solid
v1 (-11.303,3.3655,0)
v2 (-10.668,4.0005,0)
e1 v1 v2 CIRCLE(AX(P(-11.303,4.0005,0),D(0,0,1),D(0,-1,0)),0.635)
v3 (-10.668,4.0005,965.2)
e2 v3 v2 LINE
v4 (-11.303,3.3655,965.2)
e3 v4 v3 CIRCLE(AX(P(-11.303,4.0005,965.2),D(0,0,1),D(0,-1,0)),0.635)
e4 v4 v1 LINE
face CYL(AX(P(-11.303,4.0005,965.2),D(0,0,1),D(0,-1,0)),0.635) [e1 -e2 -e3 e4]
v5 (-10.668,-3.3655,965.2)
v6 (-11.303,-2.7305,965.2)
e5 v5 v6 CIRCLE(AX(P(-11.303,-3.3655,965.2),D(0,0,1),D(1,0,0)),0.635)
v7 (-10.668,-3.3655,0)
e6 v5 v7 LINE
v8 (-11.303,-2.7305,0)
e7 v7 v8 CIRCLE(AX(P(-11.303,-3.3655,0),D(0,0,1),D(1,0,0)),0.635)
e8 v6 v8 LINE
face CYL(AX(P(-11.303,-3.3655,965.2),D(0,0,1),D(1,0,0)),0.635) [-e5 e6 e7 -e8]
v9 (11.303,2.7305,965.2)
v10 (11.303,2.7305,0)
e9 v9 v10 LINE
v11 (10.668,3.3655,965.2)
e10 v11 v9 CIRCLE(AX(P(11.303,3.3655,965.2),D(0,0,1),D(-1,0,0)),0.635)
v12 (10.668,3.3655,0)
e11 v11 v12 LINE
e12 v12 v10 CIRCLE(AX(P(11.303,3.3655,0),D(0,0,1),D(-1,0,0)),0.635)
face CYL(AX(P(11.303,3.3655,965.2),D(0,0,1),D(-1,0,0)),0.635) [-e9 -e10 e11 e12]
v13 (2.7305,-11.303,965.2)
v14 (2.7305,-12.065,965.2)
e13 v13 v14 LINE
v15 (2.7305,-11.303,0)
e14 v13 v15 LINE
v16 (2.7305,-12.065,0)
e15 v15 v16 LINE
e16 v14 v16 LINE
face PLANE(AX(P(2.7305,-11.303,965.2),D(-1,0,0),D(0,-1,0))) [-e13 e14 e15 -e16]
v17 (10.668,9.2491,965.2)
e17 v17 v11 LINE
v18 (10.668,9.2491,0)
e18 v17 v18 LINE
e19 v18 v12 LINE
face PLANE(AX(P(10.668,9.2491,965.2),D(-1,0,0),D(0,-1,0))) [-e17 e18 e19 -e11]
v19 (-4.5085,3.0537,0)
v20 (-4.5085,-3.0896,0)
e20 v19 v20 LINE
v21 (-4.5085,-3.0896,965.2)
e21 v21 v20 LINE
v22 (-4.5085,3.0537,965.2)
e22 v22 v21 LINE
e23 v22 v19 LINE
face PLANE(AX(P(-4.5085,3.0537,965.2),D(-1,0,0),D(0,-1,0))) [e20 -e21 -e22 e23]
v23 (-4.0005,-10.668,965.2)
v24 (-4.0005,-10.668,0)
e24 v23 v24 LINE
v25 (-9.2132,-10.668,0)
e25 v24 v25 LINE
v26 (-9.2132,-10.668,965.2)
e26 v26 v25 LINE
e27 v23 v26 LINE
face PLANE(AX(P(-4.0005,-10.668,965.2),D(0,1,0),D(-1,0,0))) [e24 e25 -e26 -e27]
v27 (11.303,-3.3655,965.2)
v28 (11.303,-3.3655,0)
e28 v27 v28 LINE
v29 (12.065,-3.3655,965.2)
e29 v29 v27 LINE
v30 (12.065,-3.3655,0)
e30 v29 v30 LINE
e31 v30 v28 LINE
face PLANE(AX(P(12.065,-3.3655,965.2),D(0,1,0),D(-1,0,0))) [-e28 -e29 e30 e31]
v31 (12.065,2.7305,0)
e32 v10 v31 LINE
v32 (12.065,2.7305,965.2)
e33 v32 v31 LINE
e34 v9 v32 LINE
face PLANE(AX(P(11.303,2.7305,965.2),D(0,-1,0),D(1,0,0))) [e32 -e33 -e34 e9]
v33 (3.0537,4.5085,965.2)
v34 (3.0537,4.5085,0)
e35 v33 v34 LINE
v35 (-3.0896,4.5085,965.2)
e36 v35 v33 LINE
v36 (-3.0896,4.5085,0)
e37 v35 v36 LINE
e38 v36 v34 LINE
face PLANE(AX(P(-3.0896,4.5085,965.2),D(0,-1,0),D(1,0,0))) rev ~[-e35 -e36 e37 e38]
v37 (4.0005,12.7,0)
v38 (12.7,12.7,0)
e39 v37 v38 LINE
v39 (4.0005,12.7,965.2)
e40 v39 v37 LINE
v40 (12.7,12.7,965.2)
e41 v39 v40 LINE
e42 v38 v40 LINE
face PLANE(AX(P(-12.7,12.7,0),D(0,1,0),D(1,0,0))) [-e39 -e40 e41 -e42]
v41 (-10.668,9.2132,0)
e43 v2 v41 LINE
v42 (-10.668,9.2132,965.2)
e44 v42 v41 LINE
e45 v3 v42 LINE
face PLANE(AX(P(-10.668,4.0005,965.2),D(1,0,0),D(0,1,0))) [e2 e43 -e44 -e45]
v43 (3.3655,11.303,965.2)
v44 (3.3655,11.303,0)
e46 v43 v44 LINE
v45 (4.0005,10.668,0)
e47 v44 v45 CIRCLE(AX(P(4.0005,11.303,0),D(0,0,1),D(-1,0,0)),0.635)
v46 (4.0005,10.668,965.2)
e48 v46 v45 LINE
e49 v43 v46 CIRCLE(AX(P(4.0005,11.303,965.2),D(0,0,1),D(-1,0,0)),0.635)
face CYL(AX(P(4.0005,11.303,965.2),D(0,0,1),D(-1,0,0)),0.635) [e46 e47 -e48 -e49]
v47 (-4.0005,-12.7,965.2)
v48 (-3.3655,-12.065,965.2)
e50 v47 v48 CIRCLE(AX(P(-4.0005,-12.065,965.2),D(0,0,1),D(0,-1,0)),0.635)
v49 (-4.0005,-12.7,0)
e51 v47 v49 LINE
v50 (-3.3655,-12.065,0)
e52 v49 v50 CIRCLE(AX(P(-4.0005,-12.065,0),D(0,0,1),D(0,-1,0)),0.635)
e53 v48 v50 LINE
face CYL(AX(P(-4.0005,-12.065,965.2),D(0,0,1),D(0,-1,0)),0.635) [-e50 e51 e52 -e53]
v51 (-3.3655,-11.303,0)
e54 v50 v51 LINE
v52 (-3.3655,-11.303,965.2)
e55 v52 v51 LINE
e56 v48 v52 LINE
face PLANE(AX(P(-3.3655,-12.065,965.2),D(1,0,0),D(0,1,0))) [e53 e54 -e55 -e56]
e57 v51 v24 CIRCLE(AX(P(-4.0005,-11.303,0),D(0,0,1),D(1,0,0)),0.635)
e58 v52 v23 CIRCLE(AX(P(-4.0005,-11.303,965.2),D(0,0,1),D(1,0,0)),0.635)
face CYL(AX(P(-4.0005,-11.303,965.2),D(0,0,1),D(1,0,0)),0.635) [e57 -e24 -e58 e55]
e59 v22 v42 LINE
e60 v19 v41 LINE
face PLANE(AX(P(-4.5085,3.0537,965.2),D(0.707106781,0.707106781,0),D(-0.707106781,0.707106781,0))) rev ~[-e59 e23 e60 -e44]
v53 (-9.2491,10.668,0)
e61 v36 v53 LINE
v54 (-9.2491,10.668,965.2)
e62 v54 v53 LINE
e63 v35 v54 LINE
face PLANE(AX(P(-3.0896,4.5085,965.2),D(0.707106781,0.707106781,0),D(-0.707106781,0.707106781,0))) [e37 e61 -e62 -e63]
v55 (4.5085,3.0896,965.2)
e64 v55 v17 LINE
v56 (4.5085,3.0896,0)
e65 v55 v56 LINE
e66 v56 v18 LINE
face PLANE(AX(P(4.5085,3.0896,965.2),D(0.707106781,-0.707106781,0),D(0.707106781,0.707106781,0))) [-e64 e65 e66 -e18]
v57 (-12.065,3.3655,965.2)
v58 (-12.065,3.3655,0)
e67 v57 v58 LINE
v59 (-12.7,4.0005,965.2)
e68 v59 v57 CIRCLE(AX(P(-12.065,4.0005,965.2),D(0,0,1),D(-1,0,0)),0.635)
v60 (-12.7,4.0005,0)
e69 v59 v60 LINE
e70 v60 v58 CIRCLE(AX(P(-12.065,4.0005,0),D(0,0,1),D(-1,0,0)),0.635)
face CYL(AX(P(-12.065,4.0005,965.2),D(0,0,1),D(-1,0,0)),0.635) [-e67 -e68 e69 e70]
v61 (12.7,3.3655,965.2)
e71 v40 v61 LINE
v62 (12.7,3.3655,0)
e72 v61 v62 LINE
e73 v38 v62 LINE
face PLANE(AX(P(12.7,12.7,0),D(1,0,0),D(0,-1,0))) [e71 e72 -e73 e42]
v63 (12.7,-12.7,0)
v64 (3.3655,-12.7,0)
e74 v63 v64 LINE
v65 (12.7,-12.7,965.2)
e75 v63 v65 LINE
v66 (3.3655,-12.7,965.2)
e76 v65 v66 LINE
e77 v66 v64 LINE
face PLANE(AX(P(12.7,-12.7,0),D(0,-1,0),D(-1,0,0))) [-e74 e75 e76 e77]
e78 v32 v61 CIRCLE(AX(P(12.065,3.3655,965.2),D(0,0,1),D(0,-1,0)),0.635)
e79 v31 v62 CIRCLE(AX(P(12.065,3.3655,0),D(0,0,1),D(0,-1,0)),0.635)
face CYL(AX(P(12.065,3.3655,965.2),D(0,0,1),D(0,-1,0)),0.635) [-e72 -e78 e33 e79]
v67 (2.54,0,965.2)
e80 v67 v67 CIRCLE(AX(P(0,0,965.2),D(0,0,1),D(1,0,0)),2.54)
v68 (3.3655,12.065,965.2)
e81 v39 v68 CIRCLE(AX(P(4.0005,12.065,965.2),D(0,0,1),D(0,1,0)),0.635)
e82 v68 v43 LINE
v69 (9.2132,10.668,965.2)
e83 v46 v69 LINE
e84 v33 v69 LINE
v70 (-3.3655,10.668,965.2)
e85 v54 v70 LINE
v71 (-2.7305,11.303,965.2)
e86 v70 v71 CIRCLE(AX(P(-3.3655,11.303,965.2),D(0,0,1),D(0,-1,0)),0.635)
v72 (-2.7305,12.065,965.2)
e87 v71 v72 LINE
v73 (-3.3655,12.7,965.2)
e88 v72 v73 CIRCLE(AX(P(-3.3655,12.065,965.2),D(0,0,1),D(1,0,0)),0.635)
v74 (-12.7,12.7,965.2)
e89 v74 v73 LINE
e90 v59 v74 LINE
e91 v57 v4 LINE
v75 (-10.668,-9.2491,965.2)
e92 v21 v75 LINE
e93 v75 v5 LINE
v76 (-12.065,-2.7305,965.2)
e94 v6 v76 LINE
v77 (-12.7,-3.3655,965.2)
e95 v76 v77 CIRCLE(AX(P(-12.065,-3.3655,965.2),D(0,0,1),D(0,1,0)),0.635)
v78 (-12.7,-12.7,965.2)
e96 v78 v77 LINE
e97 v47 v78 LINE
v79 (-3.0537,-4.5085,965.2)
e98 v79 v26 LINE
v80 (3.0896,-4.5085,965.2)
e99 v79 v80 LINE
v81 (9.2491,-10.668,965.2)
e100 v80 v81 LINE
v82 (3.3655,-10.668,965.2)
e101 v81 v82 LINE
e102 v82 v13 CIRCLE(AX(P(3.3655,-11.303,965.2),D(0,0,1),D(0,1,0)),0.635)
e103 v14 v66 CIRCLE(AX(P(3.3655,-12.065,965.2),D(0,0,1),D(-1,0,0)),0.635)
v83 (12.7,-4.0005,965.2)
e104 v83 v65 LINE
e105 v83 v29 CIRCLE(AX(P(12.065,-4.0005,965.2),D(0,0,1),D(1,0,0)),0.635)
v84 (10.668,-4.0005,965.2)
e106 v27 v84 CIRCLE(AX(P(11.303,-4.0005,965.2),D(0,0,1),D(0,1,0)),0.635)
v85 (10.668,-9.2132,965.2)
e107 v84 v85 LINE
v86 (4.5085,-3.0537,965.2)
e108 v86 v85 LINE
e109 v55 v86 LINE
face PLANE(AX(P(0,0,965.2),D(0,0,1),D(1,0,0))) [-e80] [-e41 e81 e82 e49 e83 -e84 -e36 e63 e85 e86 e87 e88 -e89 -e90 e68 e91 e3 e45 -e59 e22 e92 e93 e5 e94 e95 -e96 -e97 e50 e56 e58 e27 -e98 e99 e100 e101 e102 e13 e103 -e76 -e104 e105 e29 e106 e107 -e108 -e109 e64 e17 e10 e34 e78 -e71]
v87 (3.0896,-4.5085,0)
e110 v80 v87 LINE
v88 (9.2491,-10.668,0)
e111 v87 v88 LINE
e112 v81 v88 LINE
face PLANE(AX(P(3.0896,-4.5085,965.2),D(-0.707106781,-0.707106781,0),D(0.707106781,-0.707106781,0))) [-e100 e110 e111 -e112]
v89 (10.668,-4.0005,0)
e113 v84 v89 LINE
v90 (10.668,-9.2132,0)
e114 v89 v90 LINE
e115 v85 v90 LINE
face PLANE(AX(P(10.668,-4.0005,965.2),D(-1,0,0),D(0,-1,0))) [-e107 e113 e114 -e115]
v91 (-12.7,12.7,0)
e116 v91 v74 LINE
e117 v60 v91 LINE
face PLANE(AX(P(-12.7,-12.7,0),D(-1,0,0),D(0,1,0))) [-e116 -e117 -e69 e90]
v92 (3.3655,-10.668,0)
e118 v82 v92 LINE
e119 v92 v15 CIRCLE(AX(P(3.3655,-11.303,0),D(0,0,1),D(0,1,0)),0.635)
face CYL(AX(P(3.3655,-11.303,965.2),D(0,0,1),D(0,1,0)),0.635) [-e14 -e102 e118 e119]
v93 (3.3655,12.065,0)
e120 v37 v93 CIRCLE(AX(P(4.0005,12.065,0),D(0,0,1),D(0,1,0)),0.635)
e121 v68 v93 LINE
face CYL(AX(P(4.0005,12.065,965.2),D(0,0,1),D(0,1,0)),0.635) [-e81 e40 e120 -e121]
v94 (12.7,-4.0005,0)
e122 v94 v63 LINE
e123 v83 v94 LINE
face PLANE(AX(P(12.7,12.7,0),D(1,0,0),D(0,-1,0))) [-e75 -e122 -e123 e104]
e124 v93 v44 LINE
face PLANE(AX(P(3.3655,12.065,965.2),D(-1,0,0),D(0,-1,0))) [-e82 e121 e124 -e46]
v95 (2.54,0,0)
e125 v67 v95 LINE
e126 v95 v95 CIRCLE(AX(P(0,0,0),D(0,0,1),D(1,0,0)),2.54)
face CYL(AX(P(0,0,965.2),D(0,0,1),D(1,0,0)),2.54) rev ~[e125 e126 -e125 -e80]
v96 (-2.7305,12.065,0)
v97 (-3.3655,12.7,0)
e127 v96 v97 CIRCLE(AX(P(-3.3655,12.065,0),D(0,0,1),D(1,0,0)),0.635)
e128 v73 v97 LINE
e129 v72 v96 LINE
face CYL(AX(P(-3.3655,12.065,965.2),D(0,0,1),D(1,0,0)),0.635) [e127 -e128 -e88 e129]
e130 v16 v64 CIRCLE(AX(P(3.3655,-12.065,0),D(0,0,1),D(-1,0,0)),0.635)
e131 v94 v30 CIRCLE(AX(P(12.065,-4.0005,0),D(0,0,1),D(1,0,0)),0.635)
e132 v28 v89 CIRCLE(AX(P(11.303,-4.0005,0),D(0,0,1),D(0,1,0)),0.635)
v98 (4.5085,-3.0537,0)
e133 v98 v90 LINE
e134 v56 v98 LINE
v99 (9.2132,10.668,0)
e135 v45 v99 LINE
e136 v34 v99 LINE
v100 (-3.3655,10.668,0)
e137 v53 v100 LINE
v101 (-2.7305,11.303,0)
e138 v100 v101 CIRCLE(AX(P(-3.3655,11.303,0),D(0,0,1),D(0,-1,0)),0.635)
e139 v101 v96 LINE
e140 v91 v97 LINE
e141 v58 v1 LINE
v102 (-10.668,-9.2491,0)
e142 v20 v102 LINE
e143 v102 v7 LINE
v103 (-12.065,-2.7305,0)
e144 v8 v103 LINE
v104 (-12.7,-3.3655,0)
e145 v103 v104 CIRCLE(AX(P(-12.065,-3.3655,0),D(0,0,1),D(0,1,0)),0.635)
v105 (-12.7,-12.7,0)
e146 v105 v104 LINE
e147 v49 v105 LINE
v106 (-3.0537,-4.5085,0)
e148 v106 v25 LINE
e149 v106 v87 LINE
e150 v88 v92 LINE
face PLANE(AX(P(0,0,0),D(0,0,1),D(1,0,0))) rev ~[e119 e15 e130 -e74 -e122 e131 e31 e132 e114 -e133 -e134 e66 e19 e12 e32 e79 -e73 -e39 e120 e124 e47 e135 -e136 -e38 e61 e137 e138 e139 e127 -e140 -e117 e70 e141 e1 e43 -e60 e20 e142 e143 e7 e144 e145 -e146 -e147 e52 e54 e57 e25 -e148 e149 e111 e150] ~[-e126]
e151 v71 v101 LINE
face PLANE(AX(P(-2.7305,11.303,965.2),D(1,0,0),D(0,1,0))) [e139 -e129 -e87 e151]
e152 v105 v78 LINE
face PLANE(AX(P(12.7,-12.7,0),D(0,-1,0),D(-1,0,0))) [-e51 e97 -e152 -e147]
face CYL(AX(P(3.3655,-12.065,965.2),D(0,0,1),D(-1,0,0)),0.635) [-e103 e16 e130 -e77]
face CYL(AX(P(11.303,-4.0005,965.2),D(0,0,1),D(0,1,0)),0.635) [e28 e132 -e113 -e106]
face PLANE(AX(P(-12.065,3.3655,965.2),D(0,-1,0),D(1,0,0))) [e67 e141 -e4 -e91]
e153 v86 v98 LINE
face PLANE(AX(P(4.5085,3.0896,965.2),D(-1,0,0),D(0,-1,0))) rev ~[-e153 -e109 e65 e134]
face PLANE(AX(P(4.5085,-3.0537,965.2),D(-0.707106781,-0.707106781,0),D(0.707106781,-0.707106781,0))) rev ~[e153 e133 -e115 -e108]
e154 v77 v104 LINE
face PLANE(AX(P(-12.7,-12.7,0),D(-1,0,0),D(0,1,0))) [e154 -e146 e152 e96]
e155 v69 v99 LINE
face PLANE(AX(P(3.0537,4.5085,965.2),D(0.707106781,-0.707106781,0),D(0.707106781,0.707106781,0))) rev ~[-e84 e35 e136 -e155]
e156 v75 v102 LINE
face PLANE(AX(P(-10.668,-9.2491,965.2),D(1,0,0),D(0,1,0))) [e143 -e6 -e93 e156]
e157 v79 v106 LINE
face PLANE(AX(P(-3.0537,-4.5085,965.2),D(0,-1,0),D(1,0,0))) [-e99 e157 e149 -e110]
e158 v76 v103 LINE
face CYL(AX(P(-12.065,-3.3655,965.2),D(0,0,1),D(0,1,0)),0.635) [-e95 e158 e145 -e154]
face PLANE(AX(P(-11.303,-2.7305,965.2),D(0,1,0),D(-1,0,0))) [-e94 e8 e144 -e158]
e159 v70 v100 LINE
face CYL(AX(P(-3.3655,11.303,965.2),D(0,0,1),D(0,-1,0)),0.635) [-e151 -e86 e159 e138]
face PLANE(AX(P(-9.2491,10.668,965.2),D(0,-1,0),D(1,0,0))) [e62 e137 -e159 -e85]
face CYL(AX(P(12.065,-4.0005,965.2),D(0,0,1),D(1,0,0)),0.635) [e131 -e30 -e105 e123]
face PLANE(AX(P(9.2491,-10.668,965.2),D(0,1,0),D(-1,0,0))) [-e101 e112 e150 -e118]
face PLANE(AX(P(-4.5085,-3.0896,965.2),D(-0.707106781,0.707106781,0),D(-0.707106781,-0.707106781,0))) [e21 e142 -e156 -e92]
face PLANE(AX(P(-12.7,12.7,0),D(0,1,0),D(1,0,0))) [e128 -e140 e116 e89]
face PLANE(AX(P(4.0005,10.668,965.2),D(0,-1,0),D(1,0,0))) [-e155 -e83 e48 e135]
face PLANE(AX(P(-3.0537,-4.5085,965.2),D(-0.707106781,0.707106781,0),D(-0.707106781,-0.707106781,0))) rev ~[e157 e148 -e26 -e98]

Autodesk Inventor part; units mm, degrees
ref_plane "YZ Plane" through (0, 0, 0) normal (1, 0, 0) x (0, 1, 0)
ref_plane "XZ Plane" through (0, 0, 0) normal (0, 1, 0) x (-1, 0, 0)
ref_plane "XY Plane" through (0, 0, 0) normal (0, 0, 1) x (1, 0, 0)
sketch "Sketch1" plane through (0, 0, 0) normal (0, 0, 1) x (1, 0, 0)
  line L0 (-12.7, 12.7) -> (12.7, 12.7)
  line L1 (12.7, 12.7) -> (12.7, -12.7)
  line L2 (12.7, -12.7) -> (-12.7, -12.7)
  line L3 (-12.7, -12.7) -> (-12.7, 12.7)
  point P0 (0, 0)
  dimension "d0" = 25.4
  dimension "d1" = 25.4
  dimension "d2" = 12.7
  dimension "d3" = 12.7
extrude "Extrusion1" add sketch "Sketch1" along normal blind 965.2
sketch "Sketch2" plane through (0, 0, 965.2) normal (0, 0, 1) x (1, 0, 0)
  circle A0 centre (0, 0) radius 2.54
  line L0 (-4.5085, 4.5085) -> (4.5085, 4.5085)
  line L1 (-4.5085, -4.5085) -> (4.5085, -4.5085)
  line L2 (4.5085, 4.5085) -> (4.5085, -4.5085)
  line L3 (-4.5085, 4.5085) -> (-4.5085, -4.5085)
  line L4 (-3.0896, 4.5085) -> (-11.2811, 12.7)
  line L5 (-4.5085, 3.0537) -> (-12.7, 11.2452)
  line L6 (12.7, 12.7) -> (-12.7, 12.7) projected
  line L7 (-12.7, 12.7) -> (-12.7, 4.0005)
  line L8 (-10.668, 4.0005) -> (-10.668, 9.2132)
  line L9 (-9.2491, 10.668) -> (-3.3655, 10.668)
  line L10 (-12.7, 12.7) -> (-3.3655, 12.7)
  line L11 (-2.7305, 11.303) -> (-2.7305, 12.065)
  line L12 (-12.065, 3.3655) -> (-11.303, 3.3655)
  arc A1 (-12.7, 4.0005) -> (-12.065, 3.3655) centre (-12.065, 4.0005) ccw
  arc A2 (-11.303, 3.3655) -> (-10.668, 4.0005) centre (-11.303, 4.0005) ccw
  arc A3 (-3.3655, 10.668) -> (-2.7305, 11.303) centre (-3.3655, 11.303) ccw
  arc A4 (-2.7305, 12.065) -> (-3.3655, 12.7) centre (-3.3655, 12.065) ccw
  arc A5 (-3.3655, -11.303) -> (-4.0005, -10.668) centre (-4.0005, -11.303) ccw
  line L13 (-3.3655, -12.065) -> (-3.3655, -11.303)
  arc A6 (-4.0005, -12.7) -> (-3.3655, -12.065) centre (-4.0005, -12.065) ccw
  line L14 (-3.0537, -4.5085) -> (-11.2452, -12.7)
  line L15 (-10.668, -9.2491) -> (-10.668, -3.3655)
  line L16 (-4.5085, -3.0896) -> (-12.7, -11.2811)
  line L17 (-12.7, -12.7) -> (-12.7, -3.3655)
  arc A7 (-10.668, -3.3655) -> (-11.303, -2.7305) centre (-11.303, -3.3655) ccw
  line L18 (-11.303, -2.7305) -> (-12.065, -2.7305)
  arc A8 (-12.065, -2.7305) -> (-12.7, -3.3655) centre (-12.065, -3.3655) ccw
  line L19 (-4.0005, -10.668) -> (-9.2132, -10.668)
  line L20 (-12.7, -12.7) -> (-4.0005, -12.7)
  arc A9 (11.303, -3.3655) -> (10.668, -4.0005) centre (11.303, -4.0005) ccw
  line L21 (12.065, -3.3655) -> (11.303, -3.3655)
  arc A10 (12.7, -4.0005) -> (12.065, -3.3655) centre (12.065, -4.0005) ccw
  line L22 (4.5085, -3.0537) -> (12.7, -11.2452)
  line L23 (9.2491, -10.668) -> (3.3655, -10.668)
  line L24 (3.0896, -4.5085) -> (11.2811, -12.7)
  line L25 (12.7, -12.7) -> (3.3655, -12.7)
  arc A11 (3.3655, -10.668) -> (2.7305, -11.303) centre (3.3655, -11.303) ccw
  line L26 (2.7305, -11.303) -> (2.7305, -12.065)
  arc A12 (2.7305, -12.065) -> (3.3655, -12.7) centre (3.3655, -12.065) ccw
  line L27 (10.668, -4.0005) -> (10.668, -9.2132)
  line L28 (12.7, -12.7) -> (12.7, -4.0005)
  arc A13 (3.3655, 11.303) -> (4.0005, 10.668) centre (4.0005, 11.303) ccw
  line L29 (3.3655, 12.065) -> (3.3655, 11.303)
  arc A14 (4.0005, 12.7) -> (3.3655, 12.065) centre (4.0005, 12.065) ccw
  line L30 (3.0537, 4.5085) -> (11.2452, 12.7)
  line L31 (10.668, 9.2491) -> (10.668, 3.3655)
  line L32 (4.5085, 3.0896) -> (12.7, 11.2811)
  line L33 (12.7, 12.7) -> (12.7, 3.3655)
  arc A15 (10.668, 3.3655) -> (11.303, 2.7305) centre (11.303, 3.3655) ccw
  line L34 (11.303, 2.7305) -> (12.065, 2.7305)
  arc A16 (12.065, 2.7305) -> (12.7, 3.3655) centre (12.065, 3.3655) ccw
  line L35 (4.0005, 10.668) -> (9.2132, 10.668)
  line L36 (12.7, 12.7) -> (4.0005, 12.7)
  line L37 (-4.5085, 3.0537) -> (-4.5085, 4.5085)
  line L38 (-3.0896, 4.5085) -> (-4.5085, 4.5085)
  line L39 (-12.7, -12.7) -> (-4.0005, -12.7)
  line L40 (-4.0005, -10.668) -> (-9.2132, -10.668)
  line L41 (-10.668, -9.2491) -> (-10.668, -3.3655)
  line L42 (-12.7, -12.7) -> (-12.7, -3.3655)
  line L43 (-11.303, -2.7305) -> (-12.065, -2.7305)
  arc A17 (-10.668, -3.3655) -> (-11.303, -2.7305) centre (-11.303, -3.3655) ccw
  arc A18 (-12.065, -2.7305) -> (-12.7, -3.3655) centre (-12.065, -3.3655) ccw
  line L44 (-4.5085, -3.0896) -> (-4.5085, -4.5085)
  line L45 (-4.5085, -3.0896) -> (-12.7, -11.2811)
  line L46 (-3.0537, -4.5085) -> (-4.5085, -4.5085)
  line L47 (-3.0537, -4.5085) -> (-11.2452, -12.7)
  line L48 (-4.5085, -4.5085) -> (-4.5085, 4.5085)
  circle A19 centre (0, 0) radius 2.54
  line L49 (-4.5085, -4.5085) -> (4.5085, -4.5085)
  line L50 (-3.3655, -12.065) -> (-3.3655, -11.303)
  arc A20 (-4.0005, -12.7) -> (-3.3655, -12.065) centre (-4.0005, -12.065) ccw
  arc A21 (-3.3655, -11.303) -> (-4.0005, -10.668) centre (-4.0005, -11.303) ccw
  line L51 (12.7, -12.7) -> (12.7, -4.0005)
  line L52 (10.668, -4.0005) -> (10.668, -9.2132)
  line L53 (9.2491, -10.668) -> (3.3655, -10.668)
  line L54 (12.7, -12.7) -> (3.3655, -12.7)
  line L55 (2.7305, -11.303) -> (2.7305, -12.065)
  arc A22 (3.3655, -10.668) -> (2.7305, -11.303) centre (3.3655, -11.303) ccw
  arc A23 (2.7305, -12.065) -> (3.3655, -12.7) centre (3.3655, -12.065) ccw
  line L56 (3.0896, -4.5085) -> (4.5085, -4.5085)
  line L57 (3.0896, -4.5085) -> (11.2811, -12.7)
  line L58 (4.5085, -3.0537) -> (4.5085, -4.5085)
  line L59 (4.5085, -3.0537) -> (12.7, -11.2452)
  line L60 (4.5085, -4.5085) -> (-4.5085, -4.5085)
  circle A24 centre (0, 0) radius 2.54
  line L61 (4.5085, -4.5085) -> (4.5085, 4.5085)
  line L62 (12.065, -3.3655) -> (11.303, -3.3655)
  arc A25 (12.7, -4.0005) -> (12.065, -3.3655) centre (12.065, -4.0005) ccw
  arc A26 (11.303, -3.3655) -> (10.668, -4.0005) centre (11.303, -4.0005) ccw
  line L63 (12.7, 12.7) -> (4.0005, 12.7)
  line L64 (4.0005, 10.668) -> (9.2132, 10.668)
  line L65 (10.668, 9.2491) -> (10.668, 3.3655)
  line L66 (12.7, 12.7) -> (12.7, 3.3655)
  line L67 (11.303, 2.7305) -> (12.065, 2.7305)
  arc A27 (10.668, 3.3655) -> (11.303, 2.7305) centre (11.303, 3.3655) ccw
  arc A28 (12.065, 2.7305) -> (12.7, 3.3655) centre (12.065, 3.3655) ccw
  line L68 (4.5085, 3.0896) -> (4.5085, 4.5085)
  line L69 (4.5085, 3.0896) -> (12.7, 11.2811)
  line L70 (3.0537, 4.5085) -> (4.5085, 4.5085)
  line L71 (3.0537, 4.5085) -> (11.2452, 12.7)
  line L72 (4.5085, 4.5085) -> (4.5085, -4.5085)
  circle A29 centre (0, 0) radius 2.54
  line L73 (4.5085, 4.5085) -> (-4.5085, 4.5085)
  line L74 (3.3655, 12.065) -> (3.3655, 11.303)
  arc A30 (4.0005, 12.7) -> (3.3655, 12.065) centre (4.0005, 12.065) ccw
  arc A31 (3.3655, 11.303) -> (4.0005, 10.668) centre (4.0005, 11.303) ccw
  point P0 (-12.7, 3.3655)
  point P1 (-2.7305, 12.7)
  point P2 (-3.3655, -12.7)
  point P3 (-12.7, -2.7305)
  point P4 (12.7, -3.3655)
  point P5 (2.7305, -12.7)
  point P6 (3.3655, 12.7)
  point P7 (12.7, 2.7305)
  point P8 (-3.3655, -12.7)
  point P9 (-12.7, -2.7305)
  point P10 (12.7, -3.3655)
  point P11 (2.7305, -12.7)
  point P12 (3.3655, 12.7)
  point P13 (12.7, 2.7305)
  dimension "d6" = 5.08
  dimension "d7" = 9.017
  dimension "d8" = 4.5085
  dimension "d9" = 4.5085
  dimension "d10" = 4.5085
  dimension "d11" = 2.032
  dimension "d12" = 1.0033
  dimension "d13" = 135
  dimension "d17" = 9.3345
  dimension "d19" = 2.032
  dimension "d20" = 2.032
  dimension "d21" = 0.635
  dimension "d22" = 9.3345
  dimension "d25" = 360
  dimension "d29" = 360
extrude "Extrusion2" cut sketch "Sketch2" against normal blind 1219.2 contours L3 L5 L7 L6 L4 L0 | L0 L2 L1 L3 | L30 L6 L33 L32 L2 L0 | L4 L6 A4 L11 A3 L9 | L3 L1 L14 L20 L17 L16 | L8 A2 L12 A1 L7 L5 | L35 A13 L29 A14 L6 L30 | L16 L17 A8 L18 A7 L15 | L22 L28 L25 L24 L1 L2 | L32 L33 A16 L34 A15 L31 | L19 A5 L13 A6 L20 L14 | L27 A9 L21 A10 L28 L22 | L24 L25 A12 L26 A11 L23 keep common part
equation "\"d22\" = d17"
properties part number "Horizontal piceTOP"
